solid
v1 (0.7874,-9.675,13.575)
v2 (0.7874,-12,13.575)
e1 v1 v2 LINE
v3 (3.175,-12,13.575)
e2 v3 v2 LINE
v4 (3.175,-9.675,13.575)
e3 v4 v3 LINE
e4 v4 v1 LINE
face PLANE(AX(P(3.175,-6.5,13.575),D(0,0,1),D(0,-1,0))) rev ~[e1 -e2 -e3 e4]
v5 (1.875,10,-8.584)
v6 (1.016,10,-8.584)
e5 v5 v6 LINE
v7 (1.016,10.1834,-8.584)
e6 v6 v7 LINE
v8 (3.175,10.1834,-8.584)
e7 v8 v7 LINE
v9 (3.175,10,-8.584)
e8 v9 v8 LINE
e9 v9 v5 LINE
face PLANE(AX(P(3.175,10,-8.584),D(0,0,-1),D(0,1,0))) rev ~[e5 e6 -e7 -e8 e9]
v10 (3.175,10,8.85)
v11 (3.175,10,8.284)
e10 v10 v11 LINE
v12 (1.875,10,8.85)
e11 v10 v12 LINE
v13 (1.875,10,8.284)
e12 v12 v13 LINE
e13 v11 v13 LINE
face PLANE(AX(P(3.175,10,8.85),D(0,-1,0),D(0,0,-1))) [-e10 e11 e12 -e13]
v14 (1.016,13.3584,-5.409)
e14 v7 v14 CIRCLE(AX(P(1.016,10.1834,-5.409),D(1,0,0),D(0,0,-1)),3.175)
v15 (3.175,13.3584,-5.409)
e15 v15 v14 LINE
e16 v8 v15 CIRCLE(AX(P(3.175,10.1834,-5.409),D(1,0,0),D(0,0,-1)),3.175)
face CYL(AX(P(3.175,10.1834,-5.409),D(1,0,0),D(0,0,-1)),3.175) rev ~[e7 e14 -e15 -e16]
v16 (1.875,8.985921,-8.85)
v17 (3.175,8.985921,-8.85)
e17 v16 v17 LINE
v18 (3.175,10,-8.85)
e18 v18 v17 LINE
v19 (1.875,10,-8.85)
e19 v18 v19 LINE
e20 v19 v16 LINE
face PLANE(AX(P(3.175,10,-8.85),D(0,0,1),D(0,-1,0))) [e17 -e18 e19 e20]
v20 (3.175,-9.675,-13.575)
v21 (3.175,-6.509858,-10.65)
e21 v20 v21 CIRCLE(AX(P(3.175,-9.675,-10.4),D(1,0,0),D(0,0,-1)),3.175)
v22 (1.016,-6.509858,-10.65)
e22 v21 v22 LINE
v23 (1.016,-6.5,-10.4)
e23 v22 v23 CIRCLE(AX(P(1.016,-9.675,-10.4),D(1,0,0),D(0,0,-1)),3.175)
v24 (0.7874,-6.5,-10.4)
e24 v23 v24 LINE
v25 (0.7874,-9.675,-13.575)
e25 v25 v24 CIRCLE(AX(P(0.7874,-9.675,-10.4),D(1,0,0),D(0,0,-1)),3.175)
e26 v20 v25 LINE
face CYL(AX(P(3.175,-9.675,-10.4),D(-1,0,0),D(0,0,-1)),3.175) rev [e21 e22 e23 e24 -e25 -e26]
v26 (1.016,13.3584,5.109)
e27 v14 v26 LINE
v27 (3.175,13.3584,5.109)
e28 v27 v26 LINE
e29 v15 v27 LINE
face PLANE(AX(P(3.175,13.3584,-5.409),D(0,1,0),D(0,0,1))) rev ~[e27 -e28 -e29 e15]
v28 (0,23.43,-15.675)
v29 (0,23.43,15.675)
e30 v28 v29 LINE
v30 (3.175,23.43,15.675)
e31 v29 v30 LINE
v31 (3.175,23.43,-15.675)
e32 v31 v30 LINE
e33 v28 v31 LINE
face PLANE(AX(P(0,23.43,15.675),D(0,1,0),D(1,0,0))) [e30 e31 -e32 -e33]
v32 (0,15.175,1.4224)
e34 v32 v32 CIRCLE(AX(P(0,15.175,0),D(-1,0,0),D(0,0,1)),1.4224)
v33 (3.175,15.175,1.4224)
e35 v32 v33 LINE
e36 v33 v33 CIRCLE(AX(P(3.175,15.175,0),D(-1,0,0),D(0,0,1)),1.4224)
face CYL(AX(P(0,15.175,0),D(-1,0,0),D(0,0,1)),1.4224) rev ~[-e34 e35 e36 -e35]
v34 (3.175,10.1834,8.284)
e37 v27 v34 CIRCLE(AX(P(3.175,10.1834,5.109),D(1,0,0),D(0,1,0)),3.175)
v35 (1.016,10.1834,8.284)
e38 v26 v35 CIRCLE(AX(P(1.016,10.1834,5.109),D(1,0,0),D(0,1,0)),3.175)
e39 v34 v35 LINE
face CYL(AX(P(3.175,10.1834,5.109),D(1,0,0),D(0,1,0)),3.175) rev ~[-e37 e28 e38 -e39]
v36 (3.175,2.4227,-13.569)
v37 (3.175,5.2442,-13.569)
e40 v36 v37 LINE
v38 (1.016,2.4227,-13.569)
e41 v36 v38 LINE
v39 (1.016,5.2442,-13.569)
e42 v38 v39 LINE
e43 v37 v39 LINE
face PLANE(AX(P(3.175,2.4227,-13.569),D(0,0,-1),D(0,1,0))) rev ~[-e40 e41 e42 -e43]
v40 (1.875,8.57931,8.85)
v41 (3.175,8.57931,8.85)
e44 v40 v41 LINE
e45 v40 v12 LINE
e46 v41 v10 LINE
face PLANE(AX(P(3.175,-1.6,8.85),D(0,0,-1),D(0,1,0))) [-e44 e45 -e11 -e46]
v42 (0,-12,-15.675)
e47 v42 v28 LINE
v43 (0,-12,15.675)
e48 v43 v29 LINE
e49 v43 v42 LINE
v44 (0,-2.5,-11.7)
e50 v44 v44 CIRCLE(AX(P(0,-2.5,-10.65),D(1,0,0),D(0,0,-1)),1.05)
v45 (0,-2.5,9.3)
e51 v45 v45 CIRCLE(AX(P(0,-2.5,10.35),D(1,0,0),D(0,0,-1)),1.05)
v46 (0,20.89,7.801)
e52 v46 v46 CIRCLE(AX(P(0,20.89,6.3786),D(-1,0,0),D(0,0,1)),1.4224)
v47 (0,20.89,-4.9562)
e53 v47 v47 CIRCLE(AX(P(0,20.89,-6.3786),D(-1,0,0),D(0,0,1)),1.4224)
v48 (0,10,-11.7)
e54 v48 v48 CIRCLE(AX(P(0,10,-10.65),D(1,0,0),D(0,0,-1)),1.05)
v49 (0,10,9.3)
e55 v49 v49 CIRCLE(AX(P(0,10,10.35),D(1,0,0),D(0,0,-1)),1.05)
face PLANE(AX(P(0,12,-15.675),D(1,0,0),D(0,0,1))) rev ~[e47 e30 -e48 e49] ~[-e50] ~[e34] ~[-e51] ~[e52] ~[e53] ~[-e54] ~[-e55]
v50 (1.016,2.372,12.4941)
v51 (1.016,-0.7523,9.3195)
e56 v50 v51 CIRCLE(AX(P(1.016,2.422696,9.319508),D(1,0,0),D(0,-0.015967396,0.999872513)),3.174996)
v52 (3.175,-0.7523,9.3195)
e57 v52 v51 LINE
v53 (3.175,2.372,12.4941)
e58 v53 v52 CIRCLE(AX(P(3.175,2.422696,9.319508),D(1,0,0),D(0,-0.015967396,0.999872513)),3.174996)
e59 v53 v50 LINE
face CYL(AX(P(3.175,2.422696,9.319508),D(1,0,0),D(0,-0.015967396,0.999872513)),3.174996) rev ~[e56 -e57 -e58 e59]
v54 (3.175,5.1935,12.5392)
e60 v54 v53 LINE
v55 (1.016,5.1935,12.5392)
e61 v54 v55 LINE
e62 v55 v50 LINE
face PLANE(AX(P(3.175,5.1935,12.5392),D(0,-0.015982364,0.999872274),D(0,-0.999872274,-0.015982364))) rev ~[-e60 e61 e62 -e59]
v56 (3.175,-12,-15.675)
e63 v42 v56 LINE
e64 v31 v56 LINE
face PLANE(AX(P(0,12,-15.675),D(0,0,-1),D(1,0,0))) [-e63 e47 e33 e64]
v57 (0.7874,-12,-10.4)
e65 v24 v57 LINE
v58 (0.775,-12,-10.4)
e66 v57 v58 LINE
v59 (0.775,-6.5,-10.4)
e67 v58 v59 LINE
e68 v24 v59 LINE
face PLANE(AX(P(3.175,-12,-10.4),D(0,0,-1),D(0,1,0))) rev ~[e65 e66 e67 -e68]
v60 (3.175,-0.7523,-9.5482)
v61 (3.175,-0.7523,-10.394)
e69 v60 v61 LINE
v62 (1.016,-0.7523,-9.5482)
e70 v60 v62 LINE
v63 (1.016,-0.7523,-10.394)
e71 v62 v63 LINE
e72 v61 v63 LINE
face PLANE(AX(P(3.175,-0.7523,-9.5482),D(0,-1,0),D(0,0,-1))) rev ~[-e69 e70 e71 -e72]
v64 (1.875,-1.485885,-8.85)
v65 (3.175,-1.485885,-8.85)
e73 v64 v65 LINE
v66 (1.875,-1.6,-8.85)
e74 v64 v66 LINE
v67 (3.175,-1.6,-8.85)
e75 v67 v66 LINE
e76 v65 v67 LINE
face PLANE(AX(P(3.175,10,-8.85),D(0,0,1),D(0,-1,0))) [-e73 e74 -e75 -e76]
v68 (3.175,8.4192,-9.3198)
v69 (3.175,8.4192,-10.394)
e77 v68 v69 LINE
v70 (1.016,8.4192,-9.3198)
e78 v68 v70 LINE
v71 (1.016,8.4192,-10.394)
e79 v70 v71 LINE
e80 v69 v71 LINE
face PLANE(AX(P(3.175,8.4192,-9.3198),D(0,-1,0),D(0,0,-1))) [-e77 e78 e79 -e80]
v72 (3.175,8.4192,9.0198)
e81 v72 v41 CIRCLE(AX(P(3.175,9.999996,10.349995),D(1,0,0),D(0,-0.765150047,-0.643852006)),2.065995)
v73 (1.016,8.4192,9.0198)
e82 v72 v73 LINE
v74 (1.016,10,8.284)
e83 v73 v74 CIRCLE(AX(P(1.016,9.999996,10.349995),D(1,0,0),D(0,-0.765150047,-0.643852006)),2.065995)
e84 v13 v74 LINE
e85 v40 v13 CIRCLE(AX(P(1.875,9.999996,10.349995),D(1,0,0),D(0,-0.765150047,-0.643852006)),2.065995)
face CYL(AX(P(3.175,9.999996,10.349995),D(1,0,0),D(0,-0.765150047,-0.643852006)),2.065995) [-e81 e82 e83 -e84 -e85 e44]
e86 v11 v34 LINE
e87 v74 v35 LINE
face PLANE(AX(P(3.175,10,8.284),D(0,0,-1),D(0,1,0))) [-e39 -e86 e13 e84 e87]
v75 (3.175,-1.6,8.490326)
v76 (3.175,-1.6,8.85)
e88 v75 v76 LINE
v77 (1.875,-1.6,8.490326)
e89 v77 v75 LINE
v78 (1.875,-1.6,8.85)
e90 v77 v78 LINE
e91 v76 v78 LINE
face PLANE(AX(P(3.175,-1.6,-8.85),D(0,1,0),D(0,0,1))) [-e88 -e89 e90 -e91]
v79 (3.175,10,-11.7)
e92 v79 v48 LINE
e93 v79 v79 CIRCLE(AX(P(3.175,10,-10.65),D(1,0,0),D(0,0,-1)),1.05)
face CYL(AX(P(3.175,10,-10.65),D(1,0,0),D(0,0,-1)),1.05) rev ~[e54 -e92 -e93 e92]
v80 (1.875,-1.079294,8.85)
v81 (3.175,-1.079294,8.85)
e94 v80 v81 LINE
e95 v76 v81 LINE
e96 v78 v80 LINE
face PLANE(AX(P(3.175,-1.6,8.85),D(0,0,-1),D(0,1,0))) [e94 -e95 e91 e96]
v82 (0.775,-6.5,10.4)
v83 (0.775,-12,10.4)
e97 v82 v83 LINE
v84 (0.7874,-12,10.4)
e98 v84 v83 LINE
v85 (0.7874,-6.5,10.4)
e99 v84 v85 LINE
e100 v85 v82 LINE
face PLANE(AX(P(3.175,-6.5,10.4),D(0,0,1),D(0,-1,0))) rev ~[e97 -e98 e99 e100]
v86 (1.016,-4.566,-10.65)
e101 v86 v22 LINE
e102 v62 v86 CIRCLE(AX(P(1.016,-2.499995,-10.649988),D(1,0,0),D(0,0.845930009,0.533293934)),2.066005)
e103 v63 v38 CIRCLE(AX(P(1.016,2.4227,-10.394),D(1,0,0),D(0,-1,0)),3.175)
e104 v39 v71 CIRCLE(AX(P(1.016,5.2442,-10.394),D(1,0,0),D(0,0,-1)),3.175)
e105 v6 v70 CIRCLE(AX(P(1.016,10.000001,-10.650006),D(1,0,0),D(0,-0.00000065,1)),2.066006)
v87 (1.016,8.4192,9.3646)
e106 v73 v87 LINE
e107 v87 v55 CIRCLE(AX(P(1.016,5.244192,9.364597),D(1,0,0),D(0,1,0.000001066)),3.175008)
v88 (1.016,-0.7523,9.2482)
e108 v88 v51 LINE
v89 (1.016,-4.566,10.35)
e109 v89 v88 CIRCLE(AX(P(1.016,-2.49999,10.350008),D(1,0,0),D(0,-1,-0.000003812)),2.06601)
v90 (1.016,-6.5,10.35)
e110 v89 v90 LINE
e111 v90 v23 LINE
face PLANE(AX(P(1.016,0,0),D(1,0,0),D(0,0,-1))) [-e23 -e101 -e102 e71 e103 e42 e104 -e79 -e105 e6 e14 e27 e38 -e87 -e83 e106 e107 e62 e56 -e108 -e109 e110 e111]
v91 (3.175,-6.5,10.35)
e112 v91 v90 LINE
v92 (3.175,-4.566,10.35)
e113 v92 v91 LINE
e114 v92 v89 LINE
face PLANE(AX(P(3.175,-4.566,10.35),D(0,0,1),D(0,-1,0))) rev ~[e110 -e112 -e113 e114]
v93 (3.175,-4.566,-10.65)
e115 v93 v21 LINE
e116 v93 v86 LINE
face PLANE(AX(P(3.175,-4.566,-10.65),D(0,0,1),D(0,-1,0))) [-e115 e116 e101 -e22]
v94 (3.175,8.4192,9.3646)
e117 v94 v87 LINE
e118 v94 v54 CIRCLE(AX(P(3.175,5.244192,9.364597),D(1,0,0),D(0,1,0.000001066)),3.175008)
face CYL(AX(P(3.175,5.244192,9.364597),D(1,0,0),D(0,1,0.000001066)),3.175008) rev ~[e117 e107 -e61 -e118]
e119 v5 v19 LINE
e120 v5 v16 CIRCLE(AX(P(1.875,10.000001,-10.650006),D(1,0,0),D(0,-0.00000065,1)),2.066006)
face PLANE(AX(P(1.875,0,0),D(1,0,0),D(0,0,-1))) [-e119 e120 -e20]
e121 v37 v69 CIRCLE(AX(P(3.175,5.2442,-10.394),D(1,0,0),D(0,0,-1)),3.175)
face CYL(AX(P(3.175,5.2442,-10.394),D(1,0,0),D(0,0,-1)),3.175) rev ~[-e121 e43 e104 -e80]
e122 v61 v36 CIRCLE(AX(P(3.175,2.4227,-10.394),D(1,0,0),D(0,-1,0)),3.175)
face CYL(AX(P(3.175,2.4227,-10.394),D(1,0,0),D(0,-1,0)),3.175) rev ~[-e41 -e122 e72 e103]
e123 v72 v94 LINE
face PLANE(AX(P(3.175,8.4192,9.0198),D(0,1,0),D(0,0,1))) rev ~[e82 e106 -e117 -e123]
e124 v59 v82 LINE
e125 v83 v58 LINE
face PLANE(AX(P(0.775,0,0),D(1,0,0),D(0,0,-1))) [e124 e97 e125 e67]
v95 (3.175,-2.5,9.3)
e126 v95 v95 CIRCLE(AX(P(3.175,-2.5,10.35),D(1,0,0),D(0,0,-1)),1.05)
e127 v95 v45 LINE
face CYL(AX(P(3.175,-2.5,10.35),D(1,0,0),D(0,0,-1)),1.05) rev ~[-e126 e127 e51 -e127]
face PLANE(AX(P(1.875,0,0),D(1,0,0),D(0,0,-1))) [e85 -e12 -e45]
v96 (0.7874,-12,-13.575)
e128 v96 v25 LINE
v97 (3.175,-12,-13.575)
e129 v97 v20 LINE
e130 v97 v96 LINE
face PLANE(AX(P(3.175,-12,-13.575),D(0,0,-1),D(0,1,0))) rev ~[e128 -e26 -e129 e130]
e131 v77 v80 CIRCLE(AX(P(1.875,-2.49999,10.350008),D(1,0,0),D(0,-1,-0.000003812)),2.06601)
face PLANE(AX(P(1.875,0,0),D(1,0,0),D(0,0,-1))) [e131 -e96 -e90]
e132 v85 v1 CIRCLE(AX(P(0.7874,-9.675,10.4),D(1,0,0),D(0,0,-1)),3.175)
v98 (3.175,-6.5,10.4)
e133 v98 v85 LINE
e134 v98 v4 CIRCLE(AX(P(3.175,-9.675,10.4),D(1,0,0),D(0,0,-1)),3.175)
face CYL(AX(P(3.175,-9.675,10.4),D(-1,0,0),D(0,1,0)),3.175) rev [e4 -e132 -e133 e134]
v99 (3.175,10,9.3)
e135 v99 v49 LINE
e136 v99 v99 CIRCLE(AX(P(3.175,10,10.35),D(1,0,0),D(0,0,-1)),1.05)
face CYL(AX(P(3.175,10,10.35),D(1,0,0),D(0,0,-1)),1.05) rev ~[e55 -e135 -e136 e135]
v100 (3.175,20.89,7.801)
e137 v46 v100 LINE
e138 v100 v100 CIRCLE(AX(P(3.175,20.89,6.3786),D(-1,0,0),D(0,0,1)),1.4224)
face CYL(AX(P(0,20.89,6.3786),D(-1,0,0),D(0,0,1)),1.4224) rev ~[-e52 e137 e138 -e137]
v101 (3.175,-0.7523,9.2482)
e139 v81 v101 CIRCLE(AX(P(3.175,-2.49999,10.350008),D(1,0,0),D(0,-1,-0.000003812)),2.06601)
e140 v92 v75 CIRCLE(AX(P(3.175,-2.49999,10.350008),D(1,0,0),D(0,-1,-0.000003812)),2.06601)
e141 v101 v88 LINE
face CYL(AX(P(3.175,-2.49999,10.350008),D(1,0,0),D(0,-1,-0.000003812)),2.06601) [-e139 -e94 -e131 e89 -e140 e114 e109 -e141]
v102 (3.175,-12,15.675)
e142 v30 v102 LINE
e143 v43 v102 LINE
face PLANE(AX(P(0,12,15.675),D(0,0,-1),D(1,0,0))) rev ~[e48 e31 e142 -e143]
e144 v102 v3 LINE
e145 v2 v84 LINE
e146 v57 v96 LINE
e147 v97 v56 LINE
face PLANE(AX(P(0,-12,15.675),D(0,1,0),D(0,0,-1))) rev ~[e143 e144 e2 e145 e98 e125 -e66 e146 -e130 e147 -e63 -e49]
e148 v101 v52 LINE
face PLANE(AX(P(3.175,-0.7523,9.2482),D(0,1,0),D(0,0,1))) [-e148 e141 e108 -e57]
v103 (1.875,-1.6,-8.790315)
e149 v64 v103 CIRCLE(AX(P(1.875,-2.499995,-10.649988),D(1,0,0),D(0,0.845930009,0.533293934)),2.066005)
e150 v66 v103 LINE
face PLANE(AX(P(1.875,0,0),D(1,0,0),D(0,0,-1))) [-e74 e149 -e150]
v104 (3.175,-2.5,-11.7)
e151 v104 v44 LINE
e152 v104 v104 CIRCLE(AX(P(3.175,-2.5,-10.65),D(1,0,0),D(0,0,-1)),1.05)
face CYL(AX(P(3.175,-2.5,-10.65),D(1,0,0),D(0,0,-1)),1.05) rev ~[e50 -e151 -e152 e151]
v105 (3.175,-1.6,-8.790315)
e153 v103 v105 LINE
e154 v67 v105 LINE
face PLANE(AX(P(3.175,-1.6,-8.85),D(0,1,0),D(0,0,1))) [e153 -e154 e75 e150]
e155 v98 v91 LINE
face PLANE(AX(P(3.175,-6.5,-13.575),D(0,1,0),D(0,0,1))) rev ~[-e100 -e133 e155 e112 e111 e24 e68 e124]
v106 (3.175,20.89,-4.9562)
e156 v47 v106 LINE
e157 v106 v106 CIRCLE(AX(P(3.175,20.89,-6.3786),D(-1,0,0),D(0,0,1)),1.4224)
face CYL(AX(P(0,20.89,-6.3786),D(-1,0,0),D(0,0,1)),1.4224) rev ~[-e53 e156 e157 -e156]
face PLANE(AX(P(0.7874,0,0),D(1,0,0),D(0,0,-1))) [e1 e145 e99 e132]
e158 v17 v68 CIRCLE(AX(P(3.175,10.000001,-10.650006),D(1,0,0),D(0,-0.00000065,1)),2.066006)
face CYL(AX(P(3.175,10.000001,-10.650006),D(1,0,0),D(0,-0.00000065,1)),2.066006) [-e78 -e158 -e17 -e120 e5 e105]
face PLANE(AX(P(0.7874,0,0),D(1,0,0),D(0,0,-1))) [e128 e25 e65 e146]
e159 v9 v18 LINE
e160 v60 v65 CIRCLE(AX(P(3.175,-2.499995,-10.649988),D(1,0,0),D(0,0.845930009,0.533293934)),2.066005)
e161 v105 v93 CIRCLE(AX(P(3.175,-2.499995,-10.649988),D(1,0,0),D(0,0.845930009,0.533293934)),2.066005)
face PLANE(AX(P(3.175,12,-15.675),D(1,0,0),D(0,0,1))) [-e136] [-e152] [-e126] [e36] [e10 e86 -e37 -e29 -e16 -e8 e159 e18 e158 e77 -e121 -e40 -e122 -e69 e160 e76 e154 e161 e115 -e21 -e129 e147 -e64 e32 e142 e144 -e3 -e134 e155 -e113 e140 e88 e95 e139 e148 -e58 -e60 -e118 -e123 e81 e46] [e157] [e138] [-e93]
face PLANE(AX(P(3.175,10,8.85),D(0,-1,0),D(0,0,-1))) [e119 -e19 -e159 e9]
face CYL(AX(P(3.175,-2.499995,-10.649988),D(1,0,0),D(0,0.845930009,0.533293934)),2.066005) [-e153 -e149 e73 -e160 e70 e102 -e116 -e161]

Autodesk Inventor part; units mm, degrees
ref_plane "YZ Plane" through (0, 0, 0) normal (1, 0, 0) x (0, 1, 0)
ref_plane "XZ Plane" through (0, 0, 0) normal (0, 1, 0) x (-1, 0, 0)
ref_plane "XY Plane" through (0, 0, 0) normal (0, 0, 1) x (1, 0, 0)
sketch "Sketch2" plane through (0, 0, 0) normal (1, 0, 0) x (0, 1, 0)
  line L0 (12, 15.675) -> (-12, 15.675)
  line L1 (-12, 15.675) -> (-12, -15.675)
  line L2 (-12, -15.675) -> (12, -15.675)
  line L3 (12, -15.675) -> (12, 15.675)
  point P0 (0, 0)
  dimension "d4" = 24
  dimension "d5" = 31.35
  dimension "d6" = 15.675
  dimension "d7" = 12
extrude "Extrusion1" add sketch "Sketch2" along normal blind 3.175
sketch "Sketch3" plane through (3.175, 0, 0) normal (1, 0, 0) x (0, 0, -1)
  line L0 (-15.675, -12) -> (15.675, -12)
  line L1 (-10.4, -12) -> (10.4, -12)
  line L2 (10.4, -12) -> (10.4, -6.5)
  line L3 (10.4, -6.5) -> (-10.4, -6.5)
  line L4 (-10.4, -6.5) -> (-10.4, -12)
  point P0 (0, 0)
  dimension "d16" = 20.8
  dimension "d17" = 10.4
  dimension "d18" = 5.5
extrude "Extrusion2" cut sketch "Sketch3" against normal blind 2.4
sketch "Sketch4" plane through (3.175, 0, 0) normal (1, 0, 0) x (0, 0, -1)
  line L0 (-8.85, 10) -> (8.85, 10)
  line L1 (8.85, 10) -> (8.85, -1.6)
  line L2 (8.85, -1.6) -> (-8.85, -1.6)
  line L3 (-8.85, -1.6) -> (-8.85, 10)
  line L4 (-10.4, -6.5) -> (10.4, -6.5)
  line L5 (10.4, -12) -> (-10.4, -12)
  point P0 (0, 4.2)
  dimension "d21" = 17.7
  dimension "d22" = 8.85
  dimension "d23" = 5.8
  dimension "d24" = 11.6
  dimension "d27" = 10.4
extrude "Extrusion3" cut sketch "Sketch4" against normal blind 1.3
sketch "Sketch5" plane through (3.175, 0, 0) normal (1, 0, 0) x (0, 0, -1)
  circle A0 centre (-10.65, 10.9) radius 0.8411
  circle A1 centre (10.65, 10.9) radius 0.8411
  line L0 (-15.675, 12) -> (-15.675, -12)
  line L1 (15.675, 12) -> (-15.675, 12)
  line L2 (15.675, -12) -> (15.675, 12)
  line L3 (8.85, 10) -> (8.85, -1.6)
  line L4 (-8.85, 10) -> (8.85, 10)
  point P0 (0, 0)
  dimension "d31" = 1.6822
  dimension "d33" = 1.6822
  dimension "d60" = 1.8
  dimension "d62" = 0.9
  dimension "d67" = 0.9
  dimension "d68" = 1.8
extrude "Extrusion7" [suppressed]
sketch "Sketch12" plane through (0, 12, 15.675) normal (0, 1, 0) x (1, 0, 0)
  line L0 (0, 31.35) -> (0, 0)
  line L1 (0, 0) -> (3.175, 0)
  line L2 (3.175, 31.35) -> (3.175, 0)
  line L3 (0, 31.35) -> (3.175, 31.35)
  point P0 (0, 15.675)
extrude "Extrusion14" add sketch "Sketch12" along normal blind 11.43
sketch "Sketch13" plane through (0, 0, 0) normal (-1, 0, 0) x (0, 0, 1)
  circle A0 centre (-6.3786, 20.89) radius 1.4224
  circle A1 centre (6.3786, 20.89) radius 1.4224
  line L0 (-15.675, 23.43) -> (15.675, 23.43)
  line L1 (-15.675, -12) -> (-15.675, 23.43)
  line L2 (15.675, 23.43) -> (15.675, -12)
  circle A2 centre (0, 15.175) radius 1.4224
  point P0 (0, 0)
  dimension "d92" = 2.8448
  dimension "d93" = 2.8448
  dimension "d94" = 2.54
  dimension "d95" = 9.2964
  dimension "d96" = 9.2964
  dimension "d97" = 2.54
  dimension "d98" = 2.8448
  dimension "d99" = 8.255
  dimension "d100" = 31.35
  dimension "d101" = 15.675
extrude "Extrusion15" cut sketch "Sketch13" against normal through all
sketch "Sketch14" plane through (3.175, 0, 0) normal (1, 0, 0) x (0, 0, -1)
  circle A0 centre (12.65, -2.5) radius 1.05
  line L0 (10.4, -12) -> (15.675, -12)
  line L1 (15.675, -12) -> (15.675, -0.0588)
  circle A1 centre (12.65, 10) radius 1.05
  line L2 (15.675, -12) -> (15.675, 23.43)
  line L3 (10.4, -6.5) -> (10.4, -12)
  line L4 (-15.675, 23.43) -> (15.675, 23.43)
  line L5 (0, 23.43) -> (0, -12) construction
  line L6 (-15.675, -12) -> (15.675, -12)
  circle A2 centre (-12.65, -2.5) radius 1.05
  circle A3 centre (-12.65, 10) radius 1.05
  point P0 (0, 0)
  point P1 (15.675, 6.4088)
  dimension "d105" = 9.5
  dimension "d108" = 12.5
  dimension "d111" = 2.25
  dimension "d112" = 2.25
extrude "Extrusion16" [suppressed]
sketch "Sketch15" plane through (0, 0, 0) normal (-1, 0, 0) x (0, 0, 1)
  circle A0 centre (-11.0465, 10) radius 1.05
  line L0 (-15.675, -12) -> (-15.675, 23.43)
  line L1 (-15.675, 23.43) -> (15.675, 23.43)
  line L2 (0, -12) -> (0, 23.43) construction
  line L3 (15.675, 23.43) -> (-15.675, 23.43)
  circle A1 centre (11.0465, 10) radius 1.05
  circle A2 centre (-10.5016, -2.4993) radius 1.05
  circle A3 centre (10.5016, -2.4993) radius 1.05
  point P0 (0, 0)
  dimension "d115" = 2.1
  dimension "d117" = 13.43
  dimension "d125" = 11.0465
  dimension "d128" = 2.1
  dimension "d129" = 2.1
  dimension "d130" = 2.1
  dimension "d131" = 22.0929
  dimension "d132" = 21.0033
  dimension "d133" = 12.4993
  dimension "d134" = 10.5016
  dimension "d135" = 12.4993
extrude "Extrusion17" [suppressed]
sketch "Sketch16" plane through (3.175, 0, 0) normal (1, 0, 0) x (0, 0, -1)
  circle A0 centre (-10.35, 10) radius 1.05
  circle A1 centre (10.65, 10) radius 1.05
  circle A2 centre (10.65, -2.5) radius 1.05
  circle A3 centre (-10.35, -2.5) radius 1.05
  point P0 (0, 0)
extrude "Extrusion18" cut sketch "Sketch16" against normal through all
sketch "Sketch17" plane through (3.175, 0, 0) normal (1, 0, 0) x (0, 0, -1)
  line L0 (-15.675, -12) -> (15.675, -12)
  line L1 (-13.575, -12) -> (13.575, -12)
  line L2 (13.575, -12) -> (13.575, -6.5)
  line L3 (13.575, -6.5) -> (-13.575, -6.5)
  line L4 (-13.575, -6.5) -> (-13.575, -12)
  line L5 (-10.4, -6.5) -> (10.4, -6.5)
  line L6 (10.4, -6.5) -> (10.4, -12)
  line L7 (-10.4, -12) -> (-10.4, -6.5)
  point P0 (0, 0)
  dimension "d138" = 0
  dimension "d139" = 3.175
  dimension "d140" = 3.175
extrude "Extrusion19" cut sketch "Sketch17" against normal blind 2.3876 contours L4 L3 L7 L0 | L6 L3 L2 L0
sketch "Sketch18" plane through (3.175, 0, 0) normal (1, 0, 0) x (0, 0, -1)
  circle A0 centre (-10.35, 10) radius 1.05
  circle A1 centre (10.65, 10) radius 1.05
  circle A2 centre (10.65, -2.5) radius 1.05
  circle A3 centre (-10.35, -2.5) radius 1.05
  arc A4 (-9.0198, 8.4192) -> (-8.284, 10) centre (-10.35, 10) ccw
  arc A5 (8.584, 10) -> (9.3198, 8.4192) centre (10.65, 10) ccw
  arc A6 (9.5482, -0.7523) -> (10.65, -4.566) centre (10.65, -2.5) ccw
  arc A7 (-10.35, -4.566) -> (-9.2482, -0.7523) centre (-10.35, -2.5) ccw
  line L0 (-12.5392, 5.1935) -> (-12.4941, 2.372)
  line L1 (13.569, 2.4227) -> (13.569, 5.2442)
  line L2 (5.409, 13.3584) -> (-5.109, 13.3584)
  line L3 (-10.35, -4.566) -> (-10.35, -6.5)
  line L4 (-10.35, -6.5) -> (10.65, -6.5)
  line L5 (-13.575, -6.5) -> (13.575, -6.5)
  line L6 (10.65, -4.566) -> (10.65, -6.5)
  line L7 (9.5482, -0.7523) -> (10.394, -0.7523)
  line L8 (9.3198, 8.4192) -> (10.394, 8.4192)
  line L9 (8.584, 10) -> (8.584, 10.1834)
  line L10 (-8.284, 10) -> (-8.284, 10.1834)
  line L11 (-9.0198, 8.4192) -> (-9.3646, 8.4192)
  line L12 (-9.2482, -0.7523) -> (-9.3195, -0.7523)
  arc A8 (13.569, 5.2442) -> (10.394, 8.4192) centre (10.394, 5.2442) ccw
  arc A9 (8.584, 10.1834) -> (5.409, 13.3584) centre (5.409, 10.1834) ccw
  arc A10 (-5.109, 13.3584) -> (-8.284, 10.1834) centre (-5.109, 10.1834) ccw
  arc A11 (-9.3646, 8.4192) -> (-12.5392, 5.1935) centre (-9.3646, 5.2442) ccw
  arc A12 (-12.4941, 2.372) -> (-9.3195, -0.7523) centre (-9.3195, 2.4227) ccw
  arc A13 (10.394, -0.7523) -> (13.569, 2.4227) centre (10.394, 2.4227) ccw
  point P0 (0, 0)
  point P1 (-12.4442, -0.7523)
  point P2 (-12.5907, 8.4192)
  dimension "d143" = 1.016
  dimension "d144" = 1.016
  dimension "d145" = 1.016
  dimension "d146" = 1.016
  dimension "d147" = 3.175
extrude "Extrusion20" cut sketch "Sketch18" against normal blind 2.159 contours A4 L10 A10 L2 A9 L9 A5 L8 A8 L1 A13 L7 A6 L6 L4 L3 A7 L12 A12 L0 A11 L11
sketch "Sketch19" plane through (3.175, 0, 0) normal (1, 0, 0) x (0, 0, -1)
  line L0 (-13.575, -12) -> (-13.575, -6.5)
  line L1 (-13.575, -12) -> (13.7056, -12)
  line L2 (13.7056, -12) -> (13.7056, -9.675)
  line L3 (10.5306, -6.5) -> (-10.4, -6.5)
  line L4 (-13.575, -9.675) -> (-13.575, -12)
  arc A0 (-10.4, -6.5) -> (-13.575, -9.675) centre (-10.4, -9.675) ccw
  arc A1 (13.7056, -9.675) -> (10.5306, -6.5) centre (10.5306, -9.675) ccw
  point P0 (0, 0)
  dimension "d150" = 3.175
fillet "Fillet1" radius 3.175 2 edges at (1.9812, -6.5, -13.575) (1.9812, -6.5, 13.575)
equation "\"d6\" = 0.5 * d5"
equation "\"d7\" = 0.5 * d4"
equation "\"d17\" = 0.5 * d16"
equation "\"d22\" = 0.5 * d21"
equation "\"d23\" = 0.5 * d24"
equation "\"d31\" = d30"
equation "\"d33\" = d30"
equation "\"d67\" = d62"
equation "\"d68\" = d60"
equation "\"d93\" = d92"
equation "\"d96\" = d95"
equation "\"d98\" = d92"
equation "\"d101\" = 0.5 * d100"
equation "\"d112\" = d111"
equation "\"d125\" = 0.5 * d131"
equation "\"d128\" = d115"
equation "\"d129\" = d115"
equation "\"d130\" = d115"
equation "\"d134\" = 0.5 * d132"
equation "\"d135\" = d133"
equation "\"d30\" = 1.682224"
properties part number "Pi cCam Mount" material "Aluminum 6061-AHC"
